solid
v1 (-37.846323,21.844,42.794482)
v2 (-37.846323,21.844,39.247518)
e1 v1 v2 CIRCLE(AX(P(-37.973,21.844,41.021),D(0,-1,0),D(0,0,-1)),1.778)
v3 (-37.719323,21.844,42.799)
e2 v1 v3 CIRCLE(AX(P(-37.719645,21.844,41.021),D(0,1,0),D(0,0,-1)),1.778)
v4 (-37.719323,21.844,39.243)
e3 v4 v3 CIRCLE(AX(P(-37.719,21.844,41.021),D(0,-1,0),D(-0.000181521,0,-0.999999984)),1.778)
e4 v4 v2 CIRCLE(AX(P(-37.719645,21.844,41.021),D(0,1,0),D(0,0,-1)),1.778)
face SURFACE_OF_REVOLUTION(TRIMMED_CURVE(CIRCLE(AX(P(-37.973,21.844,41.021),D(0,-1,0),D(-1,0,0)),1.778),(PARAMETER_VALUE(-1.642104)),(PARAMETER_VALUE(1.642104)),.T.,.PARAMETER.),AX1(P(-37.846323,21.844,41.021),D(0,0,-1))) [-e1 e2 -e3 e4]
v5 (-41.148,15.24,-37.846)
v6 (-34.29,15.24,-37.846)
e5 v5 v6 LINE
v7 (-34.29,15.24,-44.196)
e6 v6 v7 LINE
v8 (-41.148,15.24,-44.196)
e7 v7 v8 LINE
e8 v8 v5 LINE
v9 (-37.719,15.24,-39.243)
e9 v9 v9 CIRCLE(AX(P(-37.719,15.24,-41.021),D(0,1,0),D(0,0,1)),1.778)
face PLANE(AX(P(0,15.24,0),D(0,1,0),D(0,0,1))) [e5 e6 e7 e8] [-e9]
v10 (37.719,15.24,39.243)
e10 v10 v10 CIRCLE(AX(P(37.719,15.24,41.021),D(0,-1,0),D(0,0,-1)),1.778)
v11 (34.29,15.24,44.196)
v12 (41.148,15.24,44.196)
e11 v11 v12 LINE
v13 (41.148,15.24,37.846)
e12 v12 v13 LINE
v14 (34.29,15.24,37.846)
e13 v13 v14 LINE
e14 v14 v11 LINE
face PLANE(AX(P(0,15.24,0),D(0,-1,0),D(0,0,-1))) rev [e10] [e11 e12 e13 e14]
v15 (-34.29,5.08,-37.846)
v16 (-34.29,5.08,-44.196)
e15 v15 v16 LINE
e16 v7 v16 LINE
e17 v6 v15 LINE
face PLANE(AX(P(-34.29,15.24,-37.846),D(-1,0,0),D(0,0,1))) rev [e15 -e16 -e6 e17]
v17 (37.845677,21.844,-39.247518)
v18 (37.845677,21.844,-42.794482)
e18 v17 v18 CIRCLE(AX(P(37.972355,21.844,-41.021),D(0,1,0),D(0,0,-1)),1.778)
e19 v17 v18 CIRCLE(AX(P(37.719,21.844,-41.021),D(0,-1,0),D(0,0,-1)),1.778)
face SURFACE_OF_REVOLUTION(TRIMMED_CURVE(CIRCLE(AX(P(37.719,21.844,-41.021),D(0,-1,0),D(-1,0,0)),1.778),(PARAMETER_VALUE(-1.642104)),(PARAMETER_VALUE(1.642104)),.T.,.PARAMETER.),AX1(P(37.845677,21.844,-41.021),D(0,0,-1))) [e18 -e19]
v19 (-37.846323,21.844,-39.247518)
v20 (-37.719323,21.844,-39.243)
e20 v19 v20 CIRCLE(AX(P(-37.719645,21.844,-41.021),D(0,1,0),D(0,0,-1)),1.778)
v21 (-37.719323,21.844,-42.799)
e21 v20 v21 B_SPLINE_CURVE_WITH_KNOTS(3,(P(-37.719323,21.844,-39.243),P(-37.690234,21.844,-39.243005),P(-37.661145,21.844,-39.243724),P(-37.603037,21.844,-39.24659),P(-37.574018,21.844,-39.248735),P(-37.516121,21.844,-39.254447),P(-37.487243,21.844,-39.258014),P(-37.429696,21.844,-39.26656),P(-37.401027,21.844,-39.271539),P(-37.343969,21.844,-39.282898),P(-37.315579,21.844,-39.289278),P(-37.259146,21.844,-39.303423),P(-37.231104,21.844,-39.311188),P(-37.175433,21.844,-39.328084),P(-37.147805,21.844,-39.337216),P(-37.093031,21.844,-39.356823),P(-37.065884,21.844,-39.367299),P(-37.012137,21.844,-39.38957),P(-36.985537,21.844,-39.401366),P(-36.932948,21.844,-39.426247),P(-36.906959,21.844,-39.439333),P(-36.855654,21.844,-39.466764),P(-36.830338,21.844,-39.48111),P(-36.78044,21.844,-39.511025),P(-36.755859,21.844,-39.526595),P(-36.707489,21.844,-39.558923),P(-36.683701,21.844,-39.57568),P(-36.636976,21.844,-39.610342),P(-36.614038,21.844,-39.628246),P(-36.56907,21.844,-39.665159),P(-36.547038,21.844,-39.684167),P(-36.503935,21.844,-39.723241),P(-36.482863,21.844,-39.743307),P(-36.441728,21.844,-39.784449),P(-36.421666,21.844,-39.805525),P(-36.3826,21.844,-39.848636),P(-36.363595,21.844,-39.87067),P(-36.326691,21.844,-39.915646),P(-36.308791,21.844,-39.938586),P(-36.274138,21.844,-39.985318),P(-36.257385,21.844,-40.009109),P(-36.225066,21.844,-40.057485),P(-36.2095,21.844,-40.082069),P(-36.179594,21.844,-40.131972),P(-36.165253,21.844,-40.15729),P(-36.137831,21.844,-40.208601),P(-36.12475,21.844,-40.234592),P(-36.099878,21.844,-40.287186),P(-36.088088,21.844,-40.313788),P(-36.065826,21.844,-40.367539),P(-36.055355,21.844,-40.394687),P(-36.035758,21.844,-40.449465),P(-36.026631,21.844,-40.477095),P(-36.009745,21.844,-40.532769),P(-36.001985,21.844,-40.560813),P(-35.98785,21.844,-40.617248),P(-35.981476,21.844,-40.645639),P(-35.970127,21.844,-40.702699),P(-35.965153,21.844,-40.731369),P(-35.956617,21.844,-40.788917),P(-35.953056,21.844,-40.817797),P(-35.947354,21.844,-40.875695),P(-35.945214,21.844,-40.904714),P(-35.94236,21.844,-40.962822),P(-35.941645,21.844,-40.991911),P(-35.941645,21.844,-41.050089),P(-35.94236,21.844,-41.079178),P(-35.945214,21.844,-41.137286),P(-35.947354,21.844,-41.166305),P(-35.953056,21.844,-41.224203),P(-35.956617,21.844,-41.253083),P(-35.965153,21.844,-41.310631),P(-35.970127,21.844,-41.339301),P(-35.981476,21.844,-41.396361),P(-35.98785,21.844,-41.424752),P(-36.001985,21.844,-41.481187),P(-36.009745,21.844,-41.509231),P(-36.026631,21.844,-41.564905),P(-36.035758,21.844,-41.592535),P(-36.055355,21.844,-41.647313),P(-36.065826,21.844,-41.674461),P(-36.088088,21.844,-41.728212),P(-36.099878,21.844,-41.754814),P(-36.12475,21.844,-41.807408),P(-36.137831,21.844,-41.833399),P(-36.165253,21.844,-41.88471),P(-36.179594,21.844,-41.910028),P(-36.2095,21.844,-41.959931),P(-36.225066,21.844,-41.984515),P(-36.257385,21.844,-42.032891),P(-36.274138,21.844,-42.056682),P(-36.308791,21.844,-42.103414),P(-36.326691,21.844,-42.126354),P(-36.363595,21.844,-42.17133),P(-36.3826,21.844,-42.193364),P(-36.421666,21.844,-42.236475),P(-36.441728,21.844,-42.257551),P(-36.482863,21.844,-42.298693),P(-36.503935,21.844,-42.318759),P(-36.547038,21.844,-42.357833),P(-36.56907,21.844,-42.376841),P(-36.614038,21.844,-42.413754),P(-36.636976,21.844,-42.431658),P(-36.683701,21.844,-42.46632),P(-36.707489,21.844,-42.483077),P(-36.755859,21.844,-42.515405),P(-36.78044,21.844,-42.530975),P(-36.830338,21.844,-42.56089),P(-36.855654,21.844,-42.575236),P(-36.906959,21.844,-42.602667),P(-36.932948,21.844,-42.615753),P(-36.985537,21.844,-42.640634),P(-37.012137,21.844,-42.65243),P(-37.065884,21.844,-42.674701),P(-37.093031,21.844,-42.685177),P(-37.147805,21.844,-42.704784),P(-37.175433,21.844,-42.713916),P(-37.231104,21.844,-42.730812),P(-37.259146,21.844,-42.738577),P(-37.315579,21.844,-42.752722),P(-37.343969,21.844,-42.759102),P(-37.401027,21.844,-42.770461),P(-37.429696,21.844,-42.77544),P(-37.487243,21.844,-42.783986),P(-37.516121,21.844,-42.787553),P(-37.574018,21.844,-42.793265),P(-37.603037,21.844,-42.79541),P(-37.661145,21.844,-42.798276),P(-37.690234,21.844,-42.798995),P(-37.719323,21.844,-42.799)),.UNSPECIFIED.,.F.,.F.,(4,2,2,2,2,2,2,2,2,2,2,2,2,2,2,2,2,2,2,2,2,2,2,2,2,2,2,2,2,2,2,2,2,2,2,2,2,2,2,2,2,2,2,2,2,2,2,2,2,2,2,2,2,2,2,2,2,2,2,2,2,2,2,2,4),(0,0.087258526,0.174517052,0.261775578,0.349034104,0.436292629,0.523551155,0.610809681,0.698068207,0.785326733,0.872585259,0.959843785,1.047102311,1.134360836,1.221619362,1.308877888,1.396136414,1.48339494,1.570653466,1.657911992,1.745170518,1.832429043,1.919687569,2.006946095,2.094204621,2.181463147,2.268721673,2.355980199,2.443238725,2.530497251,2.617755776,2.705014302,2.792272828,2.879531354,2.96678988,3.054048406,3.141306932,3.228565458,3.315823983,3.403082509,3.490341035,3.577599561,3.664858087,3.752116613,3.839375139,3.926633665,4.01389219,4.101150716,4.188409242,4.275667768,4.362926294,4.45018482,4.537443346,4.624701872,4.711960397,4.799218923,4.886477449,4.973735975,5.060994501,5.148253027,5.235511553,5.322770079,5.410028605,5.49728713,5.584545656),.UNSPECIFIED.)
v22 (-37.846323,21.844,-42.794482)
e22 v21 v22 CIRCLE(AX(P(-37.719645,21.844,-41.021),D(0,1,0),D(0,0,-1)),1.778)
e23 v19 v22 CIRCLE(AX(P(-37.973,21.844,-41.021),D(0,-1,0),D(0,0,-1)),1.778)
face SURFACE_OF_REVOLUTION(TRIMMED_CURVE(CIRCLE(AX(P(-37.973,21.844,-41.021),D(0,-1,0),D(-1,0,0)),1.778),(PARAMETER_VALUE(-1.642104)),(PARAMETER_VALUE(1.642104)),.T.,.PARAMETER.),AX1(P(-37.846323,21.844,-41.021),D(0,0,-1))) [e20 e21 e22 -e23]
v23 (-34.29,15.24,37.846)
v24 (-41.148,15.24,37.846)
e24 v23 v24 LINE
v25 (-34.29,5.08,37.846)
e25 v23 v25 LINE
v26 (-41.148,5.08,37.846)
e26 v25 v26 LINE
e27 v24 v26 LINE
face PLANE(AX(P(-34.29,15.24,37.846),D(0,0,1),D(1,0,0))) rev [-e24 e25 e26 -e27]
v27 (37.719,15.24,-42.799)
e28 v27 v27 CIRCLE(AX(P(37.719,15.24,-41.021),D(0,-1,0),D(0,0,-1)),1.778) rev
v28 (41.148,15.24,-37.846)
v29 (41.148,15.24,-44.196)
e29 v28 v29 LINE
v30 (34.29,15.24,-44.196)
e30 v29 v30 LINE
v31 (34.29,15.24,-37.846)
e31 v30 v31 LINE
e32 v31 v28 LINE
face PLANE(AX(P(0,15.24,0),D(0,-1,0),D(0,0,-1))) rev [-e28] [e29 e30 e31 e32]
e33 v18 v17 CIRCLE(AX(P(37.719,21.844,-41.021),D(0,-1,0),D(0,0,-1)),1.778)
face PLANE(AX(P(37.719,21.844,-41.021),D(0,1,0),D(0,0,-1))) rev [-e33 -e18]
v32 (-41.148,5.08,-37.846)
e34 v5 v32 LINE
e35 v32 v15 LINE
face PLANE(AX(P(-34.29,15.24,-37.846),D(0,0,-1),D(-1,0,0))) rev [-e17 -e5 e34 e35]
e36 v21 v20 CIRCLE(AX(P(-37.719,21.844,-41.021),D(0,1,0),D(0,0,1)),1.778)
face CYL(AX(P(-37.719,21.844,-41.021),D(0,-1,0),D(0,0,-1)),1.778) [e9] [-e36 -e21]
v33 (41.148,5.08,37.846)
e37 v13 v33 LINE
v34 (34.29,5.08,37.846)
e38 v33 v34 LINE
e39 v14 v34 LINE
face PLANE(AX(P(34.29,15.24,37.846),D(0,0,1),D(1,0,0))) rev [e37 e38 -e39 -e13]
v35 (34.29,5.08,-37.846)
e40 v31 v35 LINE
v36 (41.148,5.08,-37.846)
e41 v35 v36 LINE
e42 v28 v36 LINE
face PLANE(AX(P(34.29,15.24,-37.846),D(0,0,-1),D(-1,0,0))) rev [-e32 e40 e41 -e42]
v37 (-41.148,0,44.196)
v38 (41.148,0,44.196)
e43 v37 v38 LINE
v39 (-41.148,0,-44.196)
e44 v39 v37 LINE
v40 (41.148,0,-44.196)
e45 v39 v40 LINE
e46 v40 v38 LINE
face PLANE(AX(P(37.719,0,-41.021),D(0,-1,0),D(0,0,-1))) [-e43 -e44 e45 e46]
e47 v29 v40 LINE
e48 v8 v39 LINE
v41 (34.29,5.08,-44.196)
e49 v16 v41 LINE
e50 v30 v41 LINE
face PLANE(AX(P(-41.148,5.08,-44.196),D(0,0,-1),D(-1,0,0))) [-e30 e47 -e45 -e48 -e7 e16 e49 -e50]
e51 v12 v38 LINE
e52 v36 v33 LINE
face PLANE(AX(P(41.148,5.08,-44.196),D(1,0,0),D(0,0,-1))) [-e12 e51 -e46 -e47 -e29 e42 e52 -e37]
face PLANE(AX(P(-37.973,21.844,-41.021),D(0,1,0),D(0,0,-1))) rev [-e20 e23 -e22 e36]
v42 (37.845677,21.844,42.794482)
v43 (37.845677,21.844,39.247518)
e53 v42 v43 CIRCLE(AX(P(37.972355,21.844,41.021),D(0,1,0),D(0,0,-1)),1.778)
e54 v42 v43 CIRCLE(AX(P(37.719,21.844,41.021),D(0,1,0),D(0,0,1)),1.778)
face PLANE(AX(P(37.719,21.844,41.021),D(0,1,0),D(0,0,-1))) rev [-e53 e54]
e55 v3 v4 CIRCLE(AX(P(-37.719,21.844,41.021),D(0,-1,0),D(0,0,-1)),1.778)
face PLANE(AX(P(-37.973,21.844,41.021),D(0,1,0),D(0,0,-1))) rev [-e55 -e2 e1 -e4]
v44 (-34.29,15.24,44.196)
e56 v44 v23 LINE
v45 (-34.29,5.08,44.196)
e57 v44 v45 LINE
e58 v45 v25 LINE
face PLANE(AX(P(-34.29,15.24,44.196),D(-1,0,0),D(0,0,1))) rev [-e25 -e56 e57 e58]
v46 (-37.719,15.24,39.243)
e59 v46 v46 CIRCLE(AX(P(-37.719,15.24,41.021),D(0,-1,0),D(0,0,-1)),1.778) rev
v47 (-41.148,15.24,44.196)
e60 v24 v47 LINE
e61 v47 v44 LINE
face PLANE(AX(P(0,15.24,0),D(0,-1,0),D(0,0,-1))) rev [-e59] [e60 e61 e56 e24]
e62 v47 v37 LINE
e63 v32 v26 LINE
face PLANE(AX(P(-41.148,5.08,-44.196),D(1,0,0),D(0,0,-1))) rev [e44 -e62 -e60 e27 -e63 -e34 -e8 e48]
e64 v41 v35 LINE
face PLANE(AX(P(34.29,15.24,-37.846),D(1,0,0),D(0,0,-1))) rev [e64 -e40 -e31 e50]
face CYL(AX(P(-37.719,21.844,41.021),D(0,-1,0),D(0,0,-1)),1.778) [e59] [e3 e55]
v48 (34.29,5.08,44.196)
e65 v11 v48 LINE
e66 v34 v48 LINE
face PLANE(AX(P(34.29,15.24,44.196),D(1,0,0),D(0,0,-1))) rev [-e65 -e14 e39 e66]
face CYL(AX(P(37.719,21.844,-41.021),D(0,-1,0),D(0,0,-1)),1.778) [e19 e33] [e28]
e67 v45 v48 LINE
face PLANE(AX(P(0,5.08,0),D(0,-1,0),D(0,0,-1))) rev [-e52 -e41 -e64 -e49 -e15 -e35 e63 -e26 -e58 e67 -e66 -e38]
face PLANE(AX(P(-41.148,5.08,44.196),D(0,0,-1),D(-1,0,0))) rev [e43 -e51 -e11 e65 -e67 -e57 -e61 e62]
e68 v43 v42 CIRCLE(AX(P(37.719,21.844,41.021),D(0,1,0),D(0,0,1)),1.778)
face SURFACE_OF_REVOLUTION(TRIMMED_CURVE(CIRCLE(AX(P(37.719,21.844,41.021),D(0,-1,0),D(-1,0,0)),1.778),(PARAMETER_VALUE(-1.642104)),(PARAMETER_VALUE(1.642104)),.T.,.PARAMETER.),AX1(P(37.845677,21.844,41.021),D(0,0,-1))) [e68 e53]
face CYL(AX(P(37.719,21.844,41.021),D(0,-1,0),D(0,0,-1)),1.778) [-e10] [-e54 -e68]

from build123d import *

# Parameters (mm, degrees)
SKETCH2_R             = 1.778
BOSS_EXTRUDE2_DEPTH   = 21.844
BOSS_EXTRUDE2_2_DEPTH = 21.844
BOSS_EXTRUDE2_3_DEPTH = 21.844
BOSS_EXTRUDE2_4_DEPTH = 21.844
SKETCH2_4_W           = 82.296
SKETCH2_4_H           = 88.392
BOSS_EXTRUDE3_DEPTH   = 5.08
REVOLVE1_ANGLE        = 180
LPATTERN1_COUNT       = 2
LPATTERN1_PITCH       = 75.692
LPATTERN1_COUNT_DIR2  = 2
LPATTERN1_PITCH_DIR2  = 82.042
SKETCH5_W             = 6.858
SKETCH5_H             = 6.35
BOSS_EXTRUDE4_DEPTH   = 10.16


with BuildPart() as part:
    # Sketch2 → Boss-Extrude2 (new body)
    with BuildSketch(Plane(origin=(0, 0, 0), x_dir=(1, 0, 0), z_dir=(0, 1, 0))):
        with Locations((37.719, -41.021)):
            Circle(SKETCH2_R)
    extrude(amount=BOSS_EXTRUDE2_DEPTH)



with BuildPart() as body_2:
    # Sketch2 → Boss-Extrude2 2 (new body)
    with BuildSketch(Plane(origin=(0, 0, 0), x_dir=(1, 0, 0), z_dir=(0, 1, 0))):
        with Locations((-37.719, -41.021)):
            Circle(SKETCH2_R)
    extrude(amount=BOSS_EXTRUDE2_2_DEPTH)


with BuildPart() as body_3:
    # Sketch2 → Boss-Extrude2 3 (new body)
    with BuildSketch(Plane(origin=(0, 0, 0), x_dir=(1, 0, 0), z_dir=(0, 1, 0))):
        with Locations((37.719, 41.021)):
            Circle(SKETCH2_R)
    extrude(amount=BOSS_EXTRUDE2_3_DEPTH)


with BuildPart() as body_4:
    # Sketch2 → Boss-Extrude2 4 (new body)
    with BuildSketch(Plane(origin=(0, 0, 0), x_dir=(1, 0, 0), z_dir=(0, 1, 0))):
        with Locations((-37.719, 41.021)):
            Circle(SKETCH2_R)
    extrude(amount=BOSS_EXTRUDE2_4_DEPTH)


with BuildPart() as part_1:
    add(part.part)

    add(body_2.part)  # Boss-Extrude3 merges body 2

    add(body_3.part)  # Boss-Extrude3 merges body 3

    add(body_4.part)  # Boss-Extrude3 merges body 4
    # Sketch2<4> → Boss-Extrude3 (add)
    with BuildSketch(Plane(origin=(0, 0, 0), x_dir=(1, 0, 0), z_dir=(0, 1, 0))):
        Rectangle(SKETCH2_4_W, SKETCH2_4_H)
    extrude(amount=BOSS_EXTRUDE3_DEPTH)

    # Sketch3 → Revolve1 (revolve)
    with BuildSketch(Plane(origin=(0, 21.844, 0), x_dir=(1, 0, 0), z_dir=(0, 1, 0))):
        with BuildLine():
            Line((37.845677255, -39.247518432), (37.845677255, -42.794481568))
            ThreePointArc((37.845677255, -42.794481568), (39.75035451, -41.021), (37.845677255, -39.247518432))
        make_face()
    revolve1 = revolve(axis=Axis((37.845677255, 21.844, 39.247518432), (0, 0, 1)), revolution_arc=REVOLVE1_ANGLE)

    # LPattern1: Revolve1 2 × 2
    with Locations(*[(-i * LPATTERN1_PITCH, 0, -j * LPATTERN1_PITCH_DIR2) for i in range(LPATTERN1_COUNT) for j in range(LPATTERN1_COUNT_DIR2) if (i, j) != (0, 0)]):
        add(revolve1)

    # Sketch5 → Boss-Extrude4 (add)
    with BuildSketch(Plane(origin=(0, 5.08, 0), x_dir=(1, 0, 0), z_dir=(0, 1, 0))):
        with Locations((-37.719, 41.021)):
            Rectangle(SKETCH5_W, SKETCH5_H)
        with Locations((37.719, -41.021)):
            Rectangle(SKETCH5_W, SKETCH5_H)
        with Locations((-37.719, -41.021)):
            Rectangle(SKETCH5_W, SKETCH5_H)
        with Locations((37.719, 41.021)):
            Rectangle(SKETCH5_W, SKETCH5_H)
    extrude(amount=BOSS_EXTRUDE4_DEPTH)


solid = part_1.part
